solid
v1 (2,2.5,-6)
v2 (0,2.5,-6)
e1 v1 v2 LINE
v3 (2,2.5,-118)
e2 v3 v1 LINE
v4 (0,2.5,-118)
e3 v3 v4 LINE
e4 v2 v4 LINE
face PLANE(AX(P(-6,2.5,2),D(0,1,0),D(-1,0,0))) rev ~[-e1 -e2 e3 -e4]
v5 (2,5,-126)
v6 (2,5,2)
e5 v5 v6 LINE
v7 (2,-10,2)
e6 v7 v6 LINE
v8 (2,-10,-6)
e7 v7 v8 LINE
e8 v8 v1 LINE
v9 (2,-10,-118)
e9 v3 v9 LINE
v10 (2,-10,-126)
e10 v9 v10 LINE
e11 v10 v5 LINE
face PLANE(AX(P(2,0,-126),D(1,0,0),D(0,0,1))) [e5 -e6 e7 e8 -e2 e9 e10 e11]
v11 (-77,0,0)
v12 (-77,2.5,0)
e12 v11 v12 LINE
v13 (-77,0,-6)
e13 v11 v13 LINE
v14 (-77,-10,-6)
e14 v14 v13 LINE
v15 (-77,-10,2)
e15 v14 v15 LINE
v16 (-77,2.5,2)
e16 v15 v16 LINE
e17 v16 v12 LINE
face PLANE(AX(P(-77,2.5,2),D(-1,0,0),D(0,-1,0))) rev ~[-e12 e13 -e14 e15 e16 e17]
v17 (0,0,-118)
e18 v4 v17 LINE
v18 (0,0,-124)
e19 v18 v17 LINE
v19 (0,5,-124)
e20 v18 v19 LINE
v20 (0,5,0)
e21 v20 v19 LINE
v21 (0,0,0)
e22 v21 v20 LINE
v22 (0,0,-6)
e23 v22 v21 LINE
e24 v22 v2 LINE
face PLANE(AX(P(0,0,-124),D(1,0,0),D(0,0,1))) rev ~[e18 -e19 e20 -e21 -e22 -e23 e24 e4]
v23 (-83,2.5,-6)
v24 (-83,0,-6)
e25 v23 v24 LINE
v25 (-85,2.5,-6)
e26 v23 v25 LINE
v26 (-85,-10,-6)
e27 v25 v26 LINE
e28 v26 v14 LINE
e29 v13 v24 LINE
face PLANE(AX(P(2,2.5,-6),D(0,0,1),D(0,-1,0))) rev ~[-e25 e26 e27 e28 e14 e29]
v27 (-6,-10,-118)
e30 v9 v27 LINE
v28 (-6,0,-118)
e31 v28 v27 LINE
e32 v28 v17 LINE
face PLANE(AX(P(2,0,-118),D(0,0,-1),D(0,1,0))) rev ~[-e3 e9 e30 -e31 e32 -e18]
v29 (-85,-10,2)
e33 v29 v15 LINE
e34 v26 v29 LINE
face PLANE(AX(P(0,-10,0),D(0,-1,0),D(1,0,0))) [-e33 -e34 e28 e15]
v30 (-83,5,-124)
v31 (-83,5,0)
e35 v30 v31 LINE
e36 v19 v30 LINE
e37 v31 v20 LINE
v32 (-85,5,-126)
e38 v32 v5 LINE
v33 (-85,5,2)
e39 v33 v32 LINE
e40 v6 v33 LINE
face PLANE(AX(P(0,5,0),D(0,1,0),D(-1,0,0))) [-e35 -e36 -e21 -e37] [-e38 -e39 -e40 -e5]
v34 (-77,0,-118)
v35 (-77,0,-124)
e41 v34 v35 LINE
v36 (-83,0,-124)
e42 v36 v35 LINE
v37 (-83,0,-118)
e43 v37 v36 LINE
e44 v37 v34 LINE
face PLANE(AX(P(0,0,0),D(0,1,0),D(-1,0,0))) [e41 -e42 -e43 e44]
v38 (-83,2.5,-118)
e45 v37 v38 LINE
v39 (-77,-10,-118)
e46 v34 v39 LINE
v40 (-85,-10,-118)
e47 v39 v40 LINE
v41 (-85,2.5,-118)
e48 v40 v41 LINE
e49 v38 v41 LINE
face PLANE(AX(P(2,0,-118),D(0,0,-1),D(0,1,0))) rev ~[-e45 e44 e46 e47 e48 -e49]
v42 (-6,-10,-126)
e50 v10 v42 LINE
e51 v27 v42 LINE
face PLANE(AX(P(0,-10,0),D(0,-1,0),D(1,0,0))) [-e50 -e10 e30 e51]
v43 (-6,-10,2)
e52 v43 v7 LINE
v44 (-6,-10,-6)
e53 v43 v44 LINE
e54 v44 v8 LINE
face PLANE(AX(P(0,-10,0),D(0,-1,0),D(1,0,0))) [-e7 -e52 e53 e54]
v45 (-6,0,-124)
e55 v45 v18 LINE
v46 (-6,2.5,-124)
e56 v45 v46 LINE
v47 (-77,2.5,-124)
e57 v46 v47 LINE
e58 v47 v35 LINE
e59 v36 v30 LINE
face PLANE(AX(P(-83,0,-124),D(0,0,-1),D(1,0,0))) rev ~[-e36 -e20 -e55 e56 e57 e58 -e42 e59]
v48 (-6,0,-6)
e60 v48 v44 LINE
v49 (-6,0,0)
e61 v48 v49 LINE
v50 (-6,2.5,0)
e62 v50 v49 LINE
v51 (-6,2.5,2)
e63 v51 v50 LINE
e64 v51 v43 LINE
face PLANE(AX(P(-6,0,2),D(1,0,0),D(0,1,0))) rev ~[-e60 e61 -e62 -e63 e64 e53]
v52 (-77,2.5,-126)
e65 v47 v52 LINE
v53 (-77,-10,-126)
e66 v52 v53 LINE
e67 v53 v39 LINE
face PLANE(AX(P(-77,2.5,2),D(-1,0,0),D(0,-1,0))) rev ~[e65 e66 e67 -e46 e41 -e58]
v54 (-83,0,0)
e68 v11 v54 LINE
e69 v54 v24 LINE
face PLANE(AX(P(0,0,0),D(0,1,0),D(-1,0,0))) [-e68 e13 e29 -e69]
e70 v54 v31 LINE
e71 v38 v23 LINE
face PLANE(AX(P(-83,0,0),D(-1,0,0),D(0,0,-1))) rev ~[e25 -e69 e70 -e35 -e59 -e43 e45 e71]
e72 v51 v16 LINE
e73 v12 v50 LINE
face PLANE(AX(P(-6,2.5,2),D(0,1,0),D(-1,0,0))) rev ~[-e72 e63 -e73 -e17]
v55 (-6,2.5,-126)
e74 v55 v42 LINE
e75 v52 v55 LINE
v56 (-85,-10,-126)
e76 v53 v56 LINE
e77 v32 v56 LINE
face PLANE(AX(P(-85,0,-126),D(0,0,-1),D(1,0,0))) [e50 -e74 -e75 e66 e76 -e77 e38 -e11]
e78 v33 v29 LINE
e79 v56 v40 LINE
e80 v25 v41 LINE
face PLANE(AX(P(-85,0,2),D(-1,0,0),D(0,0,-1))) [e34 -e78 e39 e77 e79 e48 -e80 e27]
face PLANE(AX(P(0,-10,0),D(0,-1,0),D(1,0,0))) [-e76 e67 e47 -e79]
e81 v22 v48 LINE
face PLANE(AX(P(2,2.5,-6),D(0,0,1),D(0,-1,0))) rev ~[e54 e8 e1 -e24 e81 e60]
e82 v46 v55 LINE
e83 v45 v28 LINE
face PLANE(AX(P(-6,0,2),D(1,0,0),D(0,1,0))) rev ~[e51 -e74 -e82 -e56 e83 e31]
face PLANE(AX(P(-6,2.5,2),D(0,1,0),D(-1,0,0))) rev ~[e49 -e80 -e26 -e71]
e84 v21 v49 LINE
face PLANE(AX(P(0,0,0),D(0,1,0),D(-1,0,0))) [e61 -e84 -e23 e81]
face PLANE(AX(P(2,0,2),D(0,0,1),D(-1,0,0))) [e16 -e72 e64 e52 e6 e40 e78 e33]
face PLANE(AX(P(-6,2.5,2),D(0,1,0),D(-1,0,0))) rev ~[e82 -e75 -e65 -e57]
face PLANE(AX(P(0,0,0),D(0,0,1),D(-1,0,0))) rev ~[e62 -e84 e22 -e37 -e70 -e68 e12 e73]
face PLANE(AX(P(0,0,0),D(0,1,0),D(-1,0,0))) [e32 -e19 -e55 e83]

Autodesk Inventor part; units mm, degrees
ref_plane "YZ Plane" through (0, 0, 0) normal (1, 0, 0) x (0, 1, 0)
ref_plane "XZ Plane" through (0, 0, 0) normal (0, 1, 0) x (-1, 0, 0)
ref_plane "XY Plane" through (0, 0, 0) normal (0, 0, 1) x (1, 0, 0)
sketch "草图1" plane through (0, 0, 0) normal (0, 1, 0) x (-1, 0, 0)
  line L0 (0, 0) -> (83, 0)
  line L1 (83, 0) -> (83, -124)
  line L2 (83, -124) -> (0, -124)
  line L3 (0, -124) -> (0, 0)
  line L4 (-2, 2) -> (85, 2)
  line L5 (85, 2) -> (85, -126)
  line L6 (85, -126) -> (-2, -126)
  line L7 (-2, -126) -> (-2, 2)
  dimension "d0" = 83
  dimension "d1" = 124
  dimension "d2" = 2
  dimension "d3" = 2
  dimension "d4" = 2
extrude "拉伸1" add sketch "草图1" along normal blind 5 contours L0 L1 L2 L3 | L4 L5 L6 L7
sketch "草图2" plane through (-85, 0, 2) normal (0, 0, 1) x (1, 0, 0)
  line L0 (0, 0) -> (87, 0) projected
  line L1 (87, 0) -> (87, 5) projected
  line L2 (0, 5) -> (87, 5) projected
  line L3 (0, 0) -> (0, 5) projected
  line L4 (85, 0) -> (2, 0) projected
  line L5 (8, 0) -> (79, 0)
  line L6 (79, 0) -> (79, 2.5)
  line L7 (79, 2.5) -> (8, 2.5)
  line L8 (8, 2.5) -> (8, 0)
  point P0 (79, 1.25)
  dimension "d8" = 8
  dimension "d9" = 8
extrude "拉伸2" cut sketch "草图2" against normal through all contours L8 L7 L6 L0
sketch "草图3" plane through (2, 0, 2) normal (1, 0, 0) x (0, 0, -1)
  line L0 (2, 0) -> (126, 0) projected
  line L1 (8, 0) -> (120, 0)
  line L2 (120, 0) -> (120, 2.5)
  line L3 (120, 2.5) -> (8, 2.5)
  line L4 (8, 2.5) -> (8, 0)
  line L5 (0, 0) -> (0, 5) projected
  line L6 (128, 0) -> (128, 5) projected
  line L7 (0, 5) -> (128, 5) projected
  point P0 (8, 1.25)
  point P1 (120, 1.25)
  dimension "d12" = 8
  dimension "d13" = 8
  dimension "d14" = 2.5
extrude "拉伸3" cut sketch "草图3" against normal through all
sketch "草图4" plane through (0, 0, 0) normal (0, -1, 0) x (1, 0, 0)
  line L0 (-6, -6) -> (2, -6) projected
  line L1 (2, 2) -> (2, -6) projected
  line L2 (-6, 2) -> (2, 2) projected
  line L3 (-6, 2) -> (-6, -6) projected
  line L4 (-6, -6) -> (2, -6) projected
  line L5 (-77, -126) -> (-77, -118) projected
  line L6 (-85, 2) -> (-77, 2) projected
  line L7 (-85, -6) -> (-85, 2) projected
  line L8 (2, -118) -> (-6, -118) projected
  line L9 (-85, -126) -> (-85, -118) projected
  line L10 (-77, -126) -> (-85, -126) projected
  line L11 (-77, -126) -> (-77, -118) projected
  line L12 (2, -118) -> (-6, -118) projected
  line L13 (-6, 2) -> (-6, -6) projected
  line L14 (2, -126) -> (-6, -126) projected
  line L15 (2, -118) -> (2, -126) projected
  line L16 (-6, -118) -> (-6, -126) projected
  line L17 (-77, -118) -> (-85, -118) projected
  line L18 (-85, -126) -> (-85, -118) projected
  line L19 (-77, -126) -> (-85, -126) projected
  line L20 (-77, -126) -> (-77, -118) projected
  line L21 (-6, -6) -> (2, -6) projected
  line L22 (2, 2) -> (2, -6) projected
  line L23 (-6, 2) -> (2, 2) projected
  line L24 (-6, -6) -> (2, -6) projected
  line L25 (-85, 2) -> (-77, 2) projected
  line L26 (-85, -6) -> (-85, 2) projected
  line L27 (-6, 2) -> (-6, -6) projected
  line L28 (2, -126) -> (-6, -126) projected
  line L29 (2, -118) -> (2, -126) projected
  line L30 (-77, -118) -> (-85, -118) projected
  line L31 (-77, -6) -> (-77, 2) projected
  line L32 (-85, -6) -> (-77, -6) projected
  line L33 (2, -118) -> (-6, -118) projected
  line L34 (-85, -126) -> (-85, -118) projected
  line L35 (-77, -126) -> (-85, -126) projected
  line L36 (-77, -6) -> (-77, 2) projected
  line L37 (2, 2) -> (2, -6) projected
  line L38 (-6, 2) -> (2, 2) projected
  line L39 (-6, 2) -> (-6, -6) projected
  line L40 (-85, -6) -> (-77, -6) projected
  line L41 (-77, -126) -> (-77, -118) projected
  line L42 (-85, 2) -> (-77, 2) projected
  line L43 (-85, -6) -> (-85, 2) projected
  line L44 (2, -118) -> (-6, -118) projected
  line L45 (-6, -118) -> (-6, -126) projected
  line L46 (2, -126) -> (-6, -126) projected
  line L47 (2, -118) -> (2, -126) projected
  line L48 (-85, -6) -> (-77, -6) projected
  line L49 (-77, -6) -> (-77, 2) projected
  line L50 (-85, 2) -> (-77, 2) projected
  line L51 (-85, -6) -> (-85, 2) projected
  line L52 (2, 2) -> (2, -6) projected
  line L53 (-6, 2) -> (2, 2) projected
  line L54 (-85, -6) -> (-77, -6) projected
  line L55 (-6, -118) -> (-6, -126) projected
  line L56 (-77, -118) -> (-85, -118) projected
  line L57 (-6, -118) -> (-6, -126) projected
  line L58 (2, -126) -> (-6, -126) projected
  line L59 (2, -118) -> (2, -126) projected
  line L60 (-77, -6) -> (-77, 2) projected
  line L61 (-77, -118) -> (-85, -118) projected
  line L62 (-85, -126) -> (-85, -118) projected
  line L63 (-77, -126) -> (-85, -126) projected
  point P0 (0, 0)
extrude "拉伸4" add sketch "草图4" along normal blind 10
extrude "拉伸5" cut sketch "草图1" along normal blind 43 contours L0 L1 L2 L3
properties part number "底座"
